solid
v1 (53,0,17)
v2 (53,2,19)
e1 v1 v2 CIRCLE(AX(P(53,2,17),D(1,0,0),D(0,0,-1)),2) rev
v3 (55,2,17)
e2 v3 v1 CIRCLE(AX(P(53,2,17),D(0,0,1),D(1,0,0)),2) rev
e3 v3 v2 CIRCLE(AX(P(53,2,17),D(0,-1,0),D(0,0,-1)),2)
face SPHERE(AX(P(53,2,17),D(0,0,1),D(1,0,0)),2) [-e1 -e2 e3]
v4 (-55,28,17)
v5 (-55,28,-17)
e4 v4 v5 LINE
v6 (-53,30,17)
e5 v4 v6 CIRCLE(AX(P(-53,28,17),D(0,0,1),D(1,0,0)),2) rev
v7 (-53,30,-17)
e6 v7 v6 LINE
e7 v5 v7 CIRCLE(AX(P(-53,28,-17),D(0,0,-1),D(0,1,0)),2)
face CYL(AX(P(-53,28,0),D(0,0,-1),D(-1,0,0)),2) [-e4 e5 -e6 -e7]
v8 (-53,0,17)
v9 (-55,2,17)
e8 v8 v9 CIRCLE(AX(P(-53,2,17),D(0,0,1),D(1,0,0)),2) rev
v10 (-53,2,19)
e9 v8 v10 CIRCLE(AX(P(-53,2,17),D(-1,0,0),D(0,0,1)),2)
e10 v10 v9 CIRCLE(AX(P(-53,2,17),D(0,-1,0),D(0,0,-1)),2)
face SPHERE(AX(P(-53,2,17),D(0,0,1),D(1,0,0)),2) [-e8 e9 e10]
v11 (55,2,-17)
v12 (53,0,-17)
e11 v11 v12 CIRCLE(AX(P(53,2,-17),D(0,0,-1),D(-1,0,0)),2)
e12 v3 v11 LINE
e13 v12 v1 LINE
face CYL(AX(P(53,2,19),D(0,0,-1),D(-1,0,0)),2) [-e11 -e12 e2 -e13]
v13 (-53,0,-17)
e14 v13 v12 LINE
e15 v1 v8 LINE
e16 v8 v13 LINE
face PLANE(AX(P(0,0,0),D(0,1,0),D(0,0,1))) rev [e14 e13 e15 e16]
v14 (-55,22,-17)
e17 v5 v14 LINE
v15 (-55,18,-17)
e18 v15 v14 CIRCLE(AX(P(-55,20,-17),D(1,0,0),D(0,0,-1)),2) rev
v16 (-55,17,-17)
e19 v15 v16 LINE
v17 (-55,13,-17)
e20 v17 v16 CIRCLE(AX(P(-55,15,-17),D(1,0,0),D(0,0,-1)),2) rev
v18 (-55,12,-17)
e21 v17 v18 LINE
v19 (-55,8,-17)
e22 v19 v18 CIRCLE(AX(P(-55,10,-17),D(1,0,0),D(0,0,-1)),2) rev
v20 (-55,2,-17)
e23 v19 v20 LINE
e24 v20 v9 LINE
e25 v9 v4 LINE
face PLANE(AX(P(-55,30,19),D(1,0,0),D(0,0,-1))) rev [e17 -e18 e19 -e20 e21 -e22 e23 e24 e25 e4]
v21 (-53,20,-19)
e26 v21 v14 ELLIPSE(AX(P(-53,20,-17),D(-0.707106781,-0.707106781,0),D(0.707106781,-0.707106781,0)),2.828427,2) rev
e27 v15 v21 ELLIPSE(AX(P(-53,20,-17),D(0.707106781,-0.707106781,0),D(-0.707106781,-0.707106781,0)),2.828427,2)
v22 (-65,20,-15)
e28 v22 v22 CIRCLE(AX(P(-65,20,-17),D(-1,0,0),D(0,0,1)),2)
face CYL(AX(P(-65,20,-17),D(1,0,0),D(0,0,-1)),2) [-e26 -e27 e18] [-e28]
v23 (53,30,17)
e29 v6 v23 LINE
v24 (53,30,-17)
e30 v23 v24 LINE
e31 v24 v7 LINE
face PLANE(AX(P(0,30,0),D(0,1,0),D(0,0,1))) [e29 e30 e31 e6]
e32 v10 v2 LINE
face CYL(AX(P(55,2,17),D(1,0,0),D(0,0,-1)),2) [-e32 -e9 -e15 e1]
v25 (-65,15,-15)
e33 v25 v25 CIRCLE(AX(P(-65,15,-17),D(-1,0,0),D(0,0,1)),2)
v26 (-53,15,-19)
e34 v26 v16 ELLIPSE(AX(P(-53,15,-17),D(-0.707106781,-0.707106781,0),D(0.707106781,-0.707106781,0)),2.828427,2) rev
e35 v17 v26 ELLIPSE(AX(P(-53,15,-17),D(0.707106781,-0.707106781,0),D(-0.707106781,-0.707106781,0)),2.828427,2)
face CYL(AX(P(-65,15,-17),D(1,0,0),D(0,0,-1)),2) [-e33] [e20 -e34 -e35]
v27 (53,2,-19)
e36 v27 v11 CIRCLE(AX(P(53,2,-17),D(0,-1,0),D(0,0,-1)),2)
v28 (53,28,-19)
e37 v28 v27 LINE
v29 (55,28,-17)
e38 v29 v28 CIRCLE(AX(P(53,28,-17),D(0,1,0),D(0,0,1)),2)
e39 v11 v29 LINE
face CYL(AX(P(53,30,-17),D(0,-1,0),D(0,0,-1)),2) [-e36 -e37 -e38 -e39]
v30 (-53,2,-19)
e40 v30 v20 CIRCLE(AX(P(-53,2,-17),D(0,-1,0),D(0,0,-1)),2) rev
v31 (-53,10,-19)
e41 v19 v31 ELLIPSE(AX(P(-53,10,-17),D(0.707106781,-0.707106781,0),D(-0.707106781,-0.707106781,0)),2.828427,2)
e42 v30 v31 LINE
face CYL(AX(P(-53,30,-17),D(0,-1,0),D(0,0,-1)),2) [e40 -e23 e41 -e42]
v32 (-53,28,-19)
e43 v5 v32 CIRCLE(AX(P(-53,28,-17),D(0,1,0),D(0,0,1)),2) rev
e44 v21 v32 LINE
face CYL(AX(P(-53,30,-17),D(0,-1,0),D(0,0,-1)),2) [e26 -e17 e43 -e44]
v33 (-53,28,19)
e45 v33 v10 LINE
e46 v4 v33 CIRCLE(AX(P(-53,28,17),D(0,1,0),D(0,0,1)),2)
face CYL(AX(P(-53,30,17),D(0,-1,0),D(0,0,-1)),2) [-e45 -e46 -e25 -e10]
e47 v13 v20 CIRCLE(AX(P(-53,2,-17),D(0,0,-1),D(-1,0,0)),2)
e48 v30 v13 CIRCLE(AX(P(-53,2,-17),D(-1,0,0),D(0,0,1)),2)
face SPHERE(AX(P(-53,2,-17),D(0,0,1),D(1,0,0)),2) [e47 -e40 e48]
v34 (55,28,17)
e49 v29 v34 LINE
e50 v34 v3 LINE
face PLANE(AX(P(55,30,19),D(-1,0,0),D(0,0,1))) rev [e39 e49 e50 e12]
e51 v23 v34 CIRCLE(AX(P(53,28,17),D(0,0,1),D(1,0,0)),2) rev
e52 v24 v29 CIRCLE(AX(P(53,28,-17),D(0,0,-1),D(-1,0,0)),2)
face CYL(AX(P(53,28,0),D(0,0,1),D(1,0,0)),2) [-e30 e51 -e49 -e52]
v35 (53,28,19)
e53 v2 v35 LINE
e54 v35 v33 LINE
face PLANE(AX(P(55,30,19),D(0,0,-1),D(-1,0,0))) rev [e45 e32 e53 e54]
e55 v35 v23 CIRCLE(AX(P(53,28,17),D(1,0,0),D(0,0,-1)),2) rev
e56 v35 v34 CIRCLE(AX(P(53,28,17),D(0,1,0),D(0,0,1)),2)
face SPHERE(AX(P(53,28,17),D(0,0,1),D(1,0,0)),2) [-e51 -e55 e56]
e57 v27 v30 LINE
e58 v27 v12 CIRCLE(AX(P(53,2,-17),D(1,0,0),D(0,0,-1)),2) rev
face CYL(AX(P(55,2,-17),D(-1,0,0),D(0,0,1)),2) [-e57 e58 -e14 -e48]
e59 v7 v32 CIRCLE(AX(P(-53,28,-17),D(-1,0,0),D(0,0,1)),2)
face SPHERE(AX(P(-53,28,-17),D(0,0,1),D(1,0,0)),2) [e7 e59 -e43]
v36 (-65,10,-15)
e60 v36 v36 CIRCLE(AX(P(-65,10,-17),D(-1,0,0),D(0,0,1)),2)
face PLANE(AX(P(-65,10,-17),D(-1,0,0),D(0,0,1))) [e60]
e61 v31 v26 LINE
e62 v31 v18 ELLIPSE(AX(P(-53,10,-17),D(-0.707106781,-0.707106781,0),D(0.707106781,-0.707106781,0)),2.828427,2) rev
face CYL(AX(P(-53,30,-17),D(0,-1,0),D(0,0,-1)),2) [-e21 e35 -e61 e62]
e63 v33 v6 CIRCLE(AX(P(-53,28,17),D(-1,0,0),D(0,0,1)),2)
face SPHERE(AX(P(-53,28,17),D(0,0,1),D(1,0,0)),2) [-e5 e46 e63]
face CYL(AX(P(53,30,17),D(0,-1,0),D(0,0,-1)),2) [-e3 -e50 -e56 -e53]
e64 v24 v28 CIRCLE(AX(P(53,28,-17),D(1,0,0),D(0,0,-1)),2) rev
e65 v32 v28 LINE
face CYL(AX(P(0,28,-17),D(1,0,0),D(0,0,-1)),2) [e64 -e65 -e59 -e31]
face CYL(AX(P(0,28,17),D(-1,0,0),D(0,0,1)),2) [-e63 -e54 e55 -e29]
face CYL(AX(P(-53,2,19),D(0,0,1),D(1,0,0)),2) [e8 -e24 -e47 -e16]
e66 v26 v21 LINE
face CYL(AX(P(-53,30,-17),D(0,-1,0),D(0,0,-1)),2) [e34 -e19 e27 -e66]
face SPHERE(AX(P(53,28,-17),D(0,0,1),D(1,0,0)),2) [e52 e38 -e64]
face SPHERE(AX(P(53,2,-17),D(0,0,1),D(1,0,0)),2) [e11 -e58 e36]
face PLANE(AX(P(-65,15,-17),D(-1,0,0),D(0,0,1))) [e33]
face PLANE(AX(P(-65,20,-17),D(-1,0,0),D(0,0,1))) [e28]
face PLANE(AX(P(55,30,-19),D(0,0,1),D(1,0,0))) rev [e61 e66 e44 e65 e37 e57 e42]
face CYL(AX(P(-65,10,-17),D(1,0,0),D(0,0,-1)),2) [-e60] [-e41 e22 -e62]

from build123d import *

# Parameters (mm, degrees)
SKETCH1_W           = 110
SKETCH1_H           = 38
BOSS_EXTRUDE1_DEPTH = 30
FILLET1_R           = 2
SKETCH2_R           = 2
BOSS_EXTRUDE2_DEPTH = 10


with BuildPart() as part:
    # Sketch1 → Boss-Extrude1 (new body)
    with BuildSketch(Plane(origin=(0, 0, 0), x_dir=(1, 0, 0), z_dir=(0, 1, 0))):
        Rectangle(SKETCH1_W, SKETCH1_H)
    extrude(amount=BOSS_EXTRUDE1_DEPTH)

    # Fillet1
    fillet1_edges = [part.edges().sort_by_distance(p)[0] for p in [
        (55, 30, 0),
        (0, 30, -19),
        (-55, 30, 0),
        (0, 0, -19),
        (55, 0, 0),
        (0, 0, 19),
        (-55, 0, 0),
        (0, 30, 19),
        (-55, 15, -19),
        (55, 15, -19),
        (55, 15, 19),
        (-55, 15, 19),
    ]]
    fillet(fillet1_edges, radius=FILLET1_R)

    # Sketch2 → Boss-Extrude2 (add, symmetric)
    with BuildSketch(Plane.ZY.offset(55)):
        with Locations(Location((-17, 20, 0), (0, 0, 180))):
            Circle(SKETCH2_R)
        with Locations(Location((-17, 15, 0), (0, 0, 180))):
            Circle(SKETCH2_R)
        with Locations(Location((-17, 10, 0), (0, 0, 180))):
            Circle(SKETCH2_R)
    extrude(amount=BOSS_EXTRUDE2_DEPTH, both=True)


solid = part.part
